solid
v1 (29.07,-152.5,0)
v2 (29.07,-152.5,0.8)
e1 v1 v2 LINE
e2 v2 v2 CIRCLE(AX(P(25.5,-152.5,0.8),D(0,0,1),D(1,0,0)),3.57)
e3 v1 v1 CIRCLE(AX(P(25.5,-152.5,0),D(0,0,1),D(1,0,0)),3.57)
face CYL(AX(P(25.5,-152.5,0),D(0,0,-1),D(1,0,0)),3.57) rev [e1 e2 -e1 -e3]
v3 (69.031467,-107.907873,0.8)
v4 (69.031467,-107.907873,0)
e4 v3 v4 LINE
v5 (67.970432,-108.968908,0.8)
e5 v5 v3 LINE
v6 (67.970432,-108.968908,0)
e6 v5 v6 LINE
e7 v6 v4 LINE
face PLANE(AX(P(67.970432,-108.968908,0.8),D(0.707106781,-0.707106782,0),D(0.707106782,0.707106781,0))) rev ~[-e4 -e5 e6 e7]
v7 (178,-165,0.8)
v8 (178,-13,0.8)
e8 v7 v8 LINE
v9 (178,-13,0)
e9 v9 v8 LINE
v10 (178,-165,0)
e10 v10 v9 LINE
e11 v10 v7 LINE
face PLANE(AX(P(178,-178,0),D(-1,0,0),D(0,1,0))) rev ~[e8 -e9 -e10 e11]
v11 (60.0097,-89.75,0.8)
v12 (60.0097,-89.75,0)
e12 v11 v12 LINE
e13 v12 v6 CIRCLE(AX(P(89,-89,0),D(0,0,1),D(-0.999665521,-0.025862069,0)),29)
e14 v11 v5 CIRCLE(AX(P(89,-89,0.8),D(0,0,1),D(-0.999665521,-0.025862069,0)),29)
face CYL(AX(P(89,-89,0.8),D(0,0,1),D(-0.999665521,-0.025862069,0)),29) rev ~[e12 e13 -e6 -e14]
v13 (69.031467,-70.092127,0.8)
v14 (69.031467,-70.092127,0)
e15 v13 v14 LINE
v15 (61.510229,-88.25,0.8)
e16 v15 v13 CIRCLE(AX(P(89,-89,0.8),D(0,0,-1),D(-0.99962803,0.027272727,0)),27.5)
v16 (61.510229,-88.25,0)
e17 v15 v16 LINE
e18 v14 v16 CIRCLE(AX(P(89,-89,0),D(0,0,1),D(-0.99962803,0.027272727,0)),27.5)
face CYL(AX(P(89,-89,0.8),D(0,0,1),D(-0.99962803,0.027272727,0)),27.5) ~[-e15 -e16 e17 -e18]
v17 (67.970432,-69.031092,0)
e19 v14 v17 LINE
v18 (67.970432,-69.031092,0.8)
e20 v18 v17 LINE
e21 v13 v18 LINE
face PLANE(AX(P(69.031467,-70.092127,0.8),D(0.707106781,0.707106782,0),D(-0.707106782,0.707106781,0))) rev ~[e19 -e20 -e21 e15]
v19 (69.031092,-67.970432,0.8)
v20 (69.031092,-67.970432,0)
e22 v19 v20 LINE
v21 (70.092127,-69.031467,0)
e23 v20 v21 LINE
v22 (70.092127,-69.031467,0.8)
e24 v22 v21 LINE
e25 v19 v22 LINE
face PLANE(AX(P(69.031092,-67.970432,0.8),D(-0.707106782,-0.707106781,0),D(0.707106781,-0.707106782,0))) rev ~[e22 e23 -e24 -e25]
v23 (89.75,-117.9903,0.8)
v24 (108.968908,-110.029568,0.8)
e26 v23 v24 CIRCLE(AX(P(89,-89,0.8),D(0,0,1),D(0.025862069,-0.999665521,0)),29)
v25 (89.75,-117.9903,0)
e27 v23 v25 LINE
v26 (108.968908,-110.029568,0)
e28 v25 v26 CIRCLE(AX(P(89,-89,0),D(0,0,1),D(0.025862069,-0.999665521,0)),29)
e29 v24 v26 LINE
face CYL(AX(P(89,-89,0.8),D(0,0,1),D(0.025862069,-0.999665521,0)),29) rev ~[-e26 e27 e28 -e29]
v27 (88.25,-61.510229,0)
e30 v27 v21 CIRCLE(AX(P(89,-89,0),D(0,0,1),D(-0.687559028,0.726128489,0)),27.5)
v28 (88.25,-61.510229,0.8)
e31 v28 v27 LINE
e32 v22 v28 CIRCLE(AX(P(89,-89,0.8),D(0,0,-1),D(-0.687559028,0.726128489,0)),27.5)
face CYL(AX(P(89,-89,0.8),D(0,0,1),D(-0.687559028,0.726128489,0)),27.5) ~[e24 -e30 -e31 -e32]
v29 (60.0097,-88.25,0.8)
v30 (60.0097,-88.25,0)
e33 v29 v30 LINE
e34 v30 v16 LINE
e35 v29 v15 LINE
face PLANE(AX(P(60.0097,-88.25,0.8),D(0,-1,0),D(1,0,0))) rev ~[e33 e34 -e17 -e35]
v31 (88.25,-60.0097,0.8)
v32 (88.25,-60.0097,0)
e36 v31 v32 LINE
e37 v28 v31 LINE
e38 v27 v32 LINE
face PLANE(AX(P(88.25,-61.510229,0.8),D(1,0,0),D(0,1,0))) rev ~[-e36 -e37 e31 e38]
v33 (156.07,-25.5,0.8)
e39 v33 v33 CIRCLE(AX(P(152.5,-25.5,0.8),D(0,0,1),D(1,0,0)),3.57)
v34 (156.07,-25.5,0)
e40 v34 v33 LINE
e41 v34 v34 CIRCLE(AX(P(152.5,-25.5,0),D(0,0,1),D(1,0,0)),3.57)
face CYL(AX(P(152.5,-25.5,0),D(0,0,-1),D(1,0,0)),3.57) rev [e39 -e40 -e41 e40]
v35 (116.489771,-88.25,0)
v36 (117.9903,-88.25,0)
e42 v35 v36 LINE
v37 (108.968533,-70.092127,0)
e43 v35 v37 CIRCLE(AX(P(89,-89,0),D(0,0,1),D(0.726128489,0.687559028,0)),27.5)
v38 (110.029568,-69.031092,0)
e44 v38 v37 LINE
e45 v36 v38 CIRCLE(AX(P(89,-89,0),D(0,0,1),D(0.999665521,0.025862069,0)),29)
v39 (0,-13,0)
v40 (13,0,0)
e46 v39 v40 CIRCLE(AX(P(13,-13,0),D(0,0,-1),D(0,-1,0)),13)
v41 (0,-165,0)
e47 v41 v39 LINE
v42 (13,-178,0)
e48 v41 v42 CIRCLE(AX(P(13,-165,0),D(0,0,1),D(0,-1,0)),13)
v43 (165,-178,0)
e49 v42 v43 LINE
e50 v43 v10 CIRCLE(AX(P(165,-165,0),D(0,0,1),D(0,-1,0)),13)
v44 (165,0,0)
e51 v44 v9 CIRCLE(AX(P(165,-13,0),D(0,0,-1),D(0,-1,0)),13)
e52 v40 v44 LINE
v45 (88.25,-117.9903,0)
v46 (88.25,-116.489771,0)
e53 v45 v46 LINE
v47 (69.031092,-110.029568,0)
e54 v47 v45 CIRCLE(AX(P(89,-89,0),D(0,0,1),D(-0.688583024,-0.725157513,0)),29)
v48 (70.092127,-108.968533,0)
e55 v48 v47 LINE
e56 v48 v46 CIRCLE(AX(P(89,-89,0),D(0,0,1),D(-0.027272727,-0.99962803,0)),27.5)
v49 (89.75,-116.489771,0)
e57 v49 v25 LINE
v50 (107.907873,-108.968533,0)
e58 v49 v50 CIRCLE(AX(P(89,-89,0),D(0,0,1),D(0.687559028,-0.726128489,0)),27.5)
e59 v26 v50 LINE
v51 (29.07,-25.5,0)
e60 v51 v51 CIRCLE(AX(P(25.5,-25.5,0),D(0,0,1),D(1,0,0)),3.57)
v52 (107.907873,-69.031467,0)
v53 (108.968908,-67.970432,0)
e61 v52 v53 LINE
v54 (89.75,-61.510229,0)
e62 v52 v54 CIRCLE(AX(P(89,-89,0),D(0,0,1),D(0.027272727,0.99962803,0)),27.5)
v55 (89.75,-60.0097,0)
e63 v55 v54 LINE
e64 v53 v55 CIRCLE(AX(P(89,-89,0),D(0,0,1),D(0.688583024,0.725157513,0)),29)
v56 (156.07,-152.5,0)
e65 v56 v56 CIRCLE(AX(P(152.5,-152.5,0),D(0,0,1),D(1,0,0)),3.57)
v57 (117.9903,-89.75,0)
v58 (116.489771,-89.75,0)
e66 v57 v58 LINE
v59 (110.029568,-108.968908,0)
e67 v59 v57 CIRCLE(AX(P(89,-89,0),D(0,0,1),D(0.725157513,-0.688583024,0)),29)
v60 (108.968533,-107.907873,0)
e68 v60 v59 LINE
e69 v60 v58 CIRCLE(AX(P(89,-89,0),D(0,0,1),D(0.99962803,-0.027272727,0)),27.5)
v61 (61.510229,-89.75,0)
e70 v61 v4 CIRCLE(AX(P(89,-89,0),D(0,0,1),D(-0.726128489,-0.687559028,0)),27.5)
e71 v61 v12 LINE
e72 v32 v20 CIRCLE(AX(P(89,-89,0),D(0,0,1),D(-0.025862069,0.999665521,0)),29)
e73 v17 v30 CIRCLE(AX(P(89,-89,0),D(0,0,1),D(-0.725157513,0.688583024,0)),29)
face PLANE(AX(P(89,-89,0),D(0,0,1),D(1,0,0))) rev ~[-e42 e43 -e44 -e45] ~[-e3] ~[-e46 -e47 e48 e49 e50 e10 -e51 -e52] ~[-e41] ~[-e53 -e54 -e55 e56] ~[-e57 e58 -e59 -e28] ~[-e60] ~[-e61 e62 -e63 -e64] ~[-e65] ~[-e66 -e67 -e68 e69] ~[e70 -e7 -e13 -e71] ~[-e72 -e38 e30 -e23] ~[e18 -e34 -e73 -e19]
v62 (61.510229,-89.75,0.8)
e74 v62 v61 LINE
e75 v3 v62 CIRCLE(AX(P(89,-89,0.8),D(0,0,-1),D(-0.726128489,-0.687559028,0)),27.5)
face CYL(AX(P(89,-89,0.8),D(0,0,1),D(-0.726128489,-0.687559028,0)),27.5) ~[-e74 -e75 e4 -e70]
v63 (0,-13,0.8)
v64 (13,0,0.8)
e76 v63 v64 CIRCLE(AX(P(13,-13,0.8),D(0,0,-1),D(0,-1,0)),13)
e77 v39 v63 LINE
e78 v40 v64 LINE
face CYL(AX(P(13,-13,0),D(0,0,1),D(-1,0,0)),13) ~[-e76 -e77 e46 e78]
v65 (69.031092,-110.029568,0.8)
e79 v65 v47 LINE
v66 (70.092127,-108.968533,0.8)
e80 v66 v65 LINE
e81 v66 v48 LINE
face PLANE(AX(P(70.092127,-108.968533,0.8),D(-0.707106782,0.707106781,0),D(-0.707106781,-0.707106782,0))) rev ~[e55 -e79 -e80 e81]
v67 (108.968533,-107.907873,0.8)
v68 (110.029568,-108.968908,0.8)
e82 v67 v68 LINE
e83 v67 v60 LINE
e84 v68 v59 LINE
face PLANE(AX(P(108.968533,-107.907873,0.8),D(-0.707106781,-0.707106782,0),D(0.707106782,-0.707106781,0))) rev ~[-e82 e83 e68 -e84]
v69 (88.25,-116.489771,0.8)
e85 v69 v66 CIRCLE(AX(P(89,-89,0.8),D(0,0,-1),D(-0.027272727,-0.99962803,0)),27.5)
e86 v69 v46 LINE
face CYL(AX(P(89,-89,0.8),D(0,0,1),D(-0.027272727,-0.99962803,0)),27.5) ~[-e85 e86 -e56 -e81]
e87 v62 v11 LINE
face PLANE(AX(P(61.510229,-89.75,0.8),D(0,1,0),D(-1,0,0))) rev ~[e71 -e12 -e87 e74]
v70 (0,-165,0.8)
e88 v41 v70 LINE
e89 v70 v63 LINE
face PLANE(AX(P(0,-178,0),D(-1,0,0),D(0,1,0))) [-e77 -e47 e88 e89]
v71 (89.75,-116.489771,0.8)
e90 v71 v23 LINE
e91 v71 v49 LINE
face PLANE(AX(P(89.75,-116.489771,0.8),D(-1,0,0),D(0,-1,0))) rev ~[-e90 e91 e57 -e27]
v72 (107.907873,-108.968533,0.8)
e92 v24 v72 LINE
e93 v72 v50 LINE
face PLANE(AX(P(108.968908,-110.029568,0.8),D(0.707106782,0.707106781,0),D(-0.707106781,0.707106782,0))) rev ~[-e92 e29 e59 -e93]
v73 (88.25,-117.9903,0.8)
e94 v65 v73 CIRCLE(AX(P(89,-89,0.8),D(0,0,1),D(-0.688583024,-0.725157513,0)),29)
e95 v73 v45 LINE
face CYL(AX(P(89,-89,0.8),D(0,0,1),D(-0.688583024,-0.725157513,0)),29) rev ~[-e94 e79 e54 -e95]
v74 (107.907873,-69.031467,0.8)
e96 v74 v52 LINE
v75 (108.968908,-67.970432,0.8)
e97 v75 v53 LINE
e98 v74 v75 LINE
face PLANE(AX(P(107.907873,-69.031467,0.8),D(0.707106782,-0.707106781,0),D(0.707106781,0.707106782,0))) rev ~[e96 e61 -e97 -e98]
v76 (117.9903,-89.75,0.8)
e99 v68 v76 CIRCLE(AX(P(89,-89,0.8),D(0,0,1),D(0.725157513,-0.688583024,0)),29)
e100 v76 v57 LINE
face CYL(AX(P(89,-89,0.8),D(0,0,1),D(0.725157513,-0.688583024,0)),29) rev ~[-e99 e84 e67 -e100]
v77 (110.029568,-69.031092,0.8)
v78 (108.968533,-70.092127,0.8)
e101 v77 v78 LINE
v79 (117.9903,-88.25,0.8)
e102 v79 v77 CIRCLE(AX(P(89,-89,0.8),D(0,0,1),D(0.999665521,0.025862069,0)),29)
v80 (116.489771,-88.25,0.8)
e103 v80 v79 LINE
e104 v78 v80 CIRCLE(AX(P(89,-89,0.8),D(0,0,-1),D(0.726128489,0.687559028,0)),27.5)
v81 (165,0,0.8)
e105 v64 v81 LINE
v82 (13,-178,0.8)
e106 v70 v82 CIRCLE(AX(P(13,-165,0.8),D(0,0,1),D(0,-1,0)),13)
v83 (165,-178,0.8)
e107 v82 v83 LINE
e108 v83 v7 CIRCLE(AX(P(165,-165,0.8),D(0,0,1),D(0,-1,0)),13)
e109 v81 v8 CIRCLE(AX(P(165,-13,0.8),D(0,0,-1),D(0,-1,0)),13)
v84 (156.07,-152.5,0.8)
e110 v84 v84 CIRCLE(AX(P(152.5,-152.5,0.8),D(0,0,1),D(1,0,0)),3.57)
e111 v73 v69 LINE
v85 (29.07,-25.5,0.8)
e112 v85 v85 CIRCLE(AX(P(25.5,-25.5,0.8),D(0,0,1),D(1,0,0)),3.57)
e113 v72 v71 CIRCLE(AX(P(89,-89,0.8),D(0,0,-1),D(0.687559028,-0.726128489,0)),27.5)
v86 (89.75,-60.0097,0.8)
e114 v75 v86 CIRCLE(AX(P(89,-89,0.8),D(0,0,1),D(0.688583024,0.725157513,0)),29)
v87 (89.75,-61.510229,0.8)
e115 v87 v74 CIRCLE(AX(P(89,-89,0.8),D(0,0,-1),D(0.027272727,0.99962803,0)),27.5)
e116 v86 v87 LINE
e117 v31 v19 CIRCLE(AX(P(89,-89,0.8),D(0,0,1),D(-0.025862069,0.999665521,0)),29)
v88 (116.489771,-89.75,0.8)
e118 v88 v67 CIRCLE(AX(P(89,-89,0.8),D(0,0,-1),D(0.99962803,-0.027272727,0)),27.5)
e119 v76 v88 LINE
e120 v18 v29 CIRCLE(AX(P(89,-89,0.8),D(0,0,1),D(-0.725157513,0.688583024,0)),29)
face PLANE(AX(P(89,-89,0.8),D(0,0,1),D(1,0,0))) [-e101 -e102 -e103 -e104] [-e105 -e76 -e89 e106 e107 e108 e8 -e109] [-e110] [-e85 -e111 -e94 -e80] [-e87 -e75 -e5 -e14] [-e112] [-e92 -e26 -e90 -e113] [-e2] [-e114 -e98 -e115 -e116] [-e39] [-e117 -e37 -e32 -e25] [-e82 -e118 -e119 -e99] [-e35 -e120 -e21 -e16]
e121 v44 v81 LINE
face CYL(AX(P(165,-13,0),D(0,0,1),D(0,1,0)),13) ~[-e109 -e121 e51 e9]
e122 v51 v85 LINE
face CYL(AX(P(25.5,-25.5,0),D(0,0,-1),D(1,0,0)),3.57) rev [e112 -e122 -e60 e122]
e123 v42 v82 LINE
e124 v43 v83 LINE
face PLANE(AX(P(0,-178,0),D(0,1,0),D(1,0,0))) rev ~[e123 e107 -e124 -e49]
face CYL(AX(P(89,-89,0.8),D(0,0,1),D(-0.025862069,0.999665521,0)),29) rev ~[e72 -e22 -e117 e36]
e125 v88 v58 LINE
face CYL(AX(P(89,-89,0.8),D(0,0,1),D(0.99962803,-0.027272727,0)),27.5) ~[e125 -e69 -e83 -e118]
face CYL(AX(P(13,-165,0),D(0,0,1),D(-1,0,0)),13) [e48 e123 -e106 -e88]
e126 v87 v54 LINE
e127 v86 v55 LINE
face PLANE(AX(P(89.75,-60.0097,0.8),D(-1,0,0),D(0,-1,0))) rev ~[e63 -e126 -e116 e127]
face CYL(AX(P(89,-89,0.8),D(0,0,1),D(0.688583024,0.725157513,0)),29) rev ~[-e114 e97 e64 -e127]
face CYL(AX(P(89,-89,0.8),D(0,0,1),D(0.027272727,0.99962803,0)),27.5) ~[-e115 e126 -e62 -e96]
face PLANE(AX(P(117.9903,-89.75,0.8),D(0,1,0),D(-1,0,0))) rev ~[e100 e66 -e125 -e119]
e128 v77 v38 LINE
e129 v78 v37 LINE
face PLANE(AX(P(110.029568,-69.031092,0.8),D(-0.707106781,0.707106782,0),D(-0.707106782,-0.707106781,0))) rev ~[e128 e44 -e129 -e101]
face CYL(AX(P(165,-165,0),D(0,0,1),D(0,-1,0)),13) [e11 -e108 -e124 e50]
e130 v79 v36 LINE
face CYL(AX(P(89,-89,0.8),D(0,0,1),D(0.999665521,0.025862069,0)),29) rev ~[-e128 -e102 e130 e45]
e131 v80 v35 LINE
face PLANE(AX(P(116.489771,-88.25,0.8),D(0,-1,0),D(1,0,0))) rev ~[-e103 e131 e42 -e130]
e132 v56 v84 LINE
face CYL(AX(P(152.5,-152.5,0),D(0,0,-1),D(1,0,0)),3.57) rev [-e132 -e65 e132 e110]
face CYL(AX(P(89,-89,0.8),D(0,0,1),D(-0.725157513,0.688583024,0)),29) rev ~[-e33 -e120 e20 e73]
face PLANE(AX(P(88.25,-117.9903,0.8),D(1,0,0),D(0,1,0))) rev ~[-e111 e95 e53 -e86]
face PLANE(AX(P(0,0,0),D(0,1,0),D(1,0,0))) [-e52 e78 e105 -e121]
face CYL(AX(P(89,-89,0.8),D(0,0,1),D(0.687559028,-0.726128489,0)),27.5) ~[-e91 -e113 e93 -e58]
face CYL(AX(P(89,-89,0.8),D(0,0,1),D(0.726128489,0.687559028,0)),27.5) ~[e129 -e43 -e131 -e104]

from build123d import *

# Parameters (mm, degrees)
SKETCH1_W           = 178
SKETCH1_H           = 178
SKETCH1_R           = 3.57
BOSS_EXTRUDE1_DEPTH = 0.8
FILLET1_R           = 13
CUT_EXTRUDE1_DEPTH  = 10


with BuildPart() as part:
    # Sketch1 → Boss-Extrude1 (new body)
    with BuildSketch(Plane.XY):
        with Locations((89, -89)):
            Rectangle(SKETCH1_W, SKETCH1_H)
        with Locations((25.5, -25.5)):
            Circle(SKETCH1_R, mode=Mode.SUBTRACT)
        with Locations((152.5, -25.5)):
            Circle(SKETCH1_R, mode=Mode.SUBTRACT)
        with Locations((152.5, -152.5)):
            Circle(SKETCH1_R, mode=Mode.SUBTRACT)
        with Locations((25.5, -152.5)):
            Circle(SKETCH1_R, mode=Mode.SUBTRACT)
    extrude(amount=BOSS_EXTRUDE1_DEPTH)

    # Fillet1
    fillet1_edges = [part.edges().sort_by_distance(p)[0] for p in [
        (0, 0, 0.4),
        (178, 0, 0.4),
        (178, -178, 0.4),
        (0, -178, 0.4),
    ]]
    fillet(fillet1_edges, radius=FILLET1_R)

    # Sketch2 → Cut-Extrude1 (cut)
    with BuildSketch(Plane.XY.offset(0.8)):
        with BuildLine():
            Line((88.25, -61.510229175), (88.25, -60.009699898))
            ThreePointArc((88.25, -60.009699898), (77.902180461, -62.207493557), (69.031092295, -67.970432123))
            Line((69.031092295, -67.970432123), (70.092126722, -69.031466551))
            ThreePointArc((70.092126722, -69.031466551), (78.47620561, -63.593312856), (88.25, -61.510229175))
        make_face()
        with BuildLine():
            ThreePointArc((108.968907705, -67.970432123), (100.097819539, -62.207493557), (89.75, -60.009699898))
            Line((89.75, -60.009699898), (89.75, -61.510229175))
            ThreePointArc((89.75, -61.510229175), (99.52379439, -63.593312856), (107.907873278, -69.031466551))
            Line((107.907873278, -69.031466551), (108.968907705, -67.970432123))
        make_face()
        with BuildLine():
            ThreePointArc((117.990300102, -88.25), (115.792506443, -77.902180461), (110.029567877, -69.031092295))
            Line((110.029567877, -69.031092295), (108.968533449, -70.092126722))
            ThreePointArc((108.968533449, -70.092126722), (114.406687144, -78.47620561), (116.489770825, -88.25))
            Line((116.489770825, -88.25), (117.990300102, -88.25))
        make_face()
        with BuildLine():
            ThreePointArc((89.75, -117.990300102), (100.097819539, -115.792506443), (108.968907705, -110.029567877))
            Line((108.968907705, -110.029567877), (107.907873278, -108.968533449))
            ThreePointArc((107.907873278, -108.968533449), (99.52379439, -114.406687144), (89.75, -116.489770825))
            Line((89.75, -116.489770825), (89.75, -117.990300102))
        make_face()
        with BuildLine():
            ThreePointArc((110.029567877, -108.968907705), (115.792506443, -100.097819539), (117.990300102, -89.75))
            Line((117.990300102, -89.75), (116.489770825, -89.75))
            ThreePointArc((116.489770825, -89.75), (114.406687144, -99.52379439), (108.968533449, -107.907873278))
            Line((108.968533449, -107.907873278), (110.029567877, -108.968907705))
        make_face()
        with BuildLine():
            Line((69.031466551, -70.092126722), (67.970432123, -69.031092295))
            ThreePointArc((67.970432123, -69.031092295), (62.207493557, -77.902180461), (60.009699898, -88.25))
            Line((60.009699898, -88.25), (61.510229175, -88.25))
            ThreePointArc((61.510229175, -88.25), (63.593312856, -78.47620561), (69.031466551, -70.092126722))
        make_face()
        with BuildLine():
            Line((61.510229175, -89.75), (60.009699898, -89.75))
            ThreePointArc((60.009699898, -89.75), (62.207493557, -100.097819539), (67.970432123, -108.968907705))
            Line((67.970432123, -108.968907705), (69.031466551, -107.907873278))
            ThreePointArc((69.031466551, -107.907873278), (63.593312856, -99.52379439), (61.510229175, -89.75))
        make_face()
        with BuildLine():
            Line((70.092126722, -108.968533449), (69.031092295, -110.029567877))
            ThreePointArc((69.031092295, -110.029567877), (77.902180461, -115.792506443), (88.25, -117.990300102))
            Line((88.25, -117.990300102), (88.25, -116.489770825))
            ThreePointArc((88.25, -116.489770825), (78.47620561, -114.406687144), (70.092126722, -108.968533449))
        make_face()
    extrude(amount=-CUT_EXTRUDE1_DEPTH, mode=Mode.SUBTRACT)


solid = part.part
